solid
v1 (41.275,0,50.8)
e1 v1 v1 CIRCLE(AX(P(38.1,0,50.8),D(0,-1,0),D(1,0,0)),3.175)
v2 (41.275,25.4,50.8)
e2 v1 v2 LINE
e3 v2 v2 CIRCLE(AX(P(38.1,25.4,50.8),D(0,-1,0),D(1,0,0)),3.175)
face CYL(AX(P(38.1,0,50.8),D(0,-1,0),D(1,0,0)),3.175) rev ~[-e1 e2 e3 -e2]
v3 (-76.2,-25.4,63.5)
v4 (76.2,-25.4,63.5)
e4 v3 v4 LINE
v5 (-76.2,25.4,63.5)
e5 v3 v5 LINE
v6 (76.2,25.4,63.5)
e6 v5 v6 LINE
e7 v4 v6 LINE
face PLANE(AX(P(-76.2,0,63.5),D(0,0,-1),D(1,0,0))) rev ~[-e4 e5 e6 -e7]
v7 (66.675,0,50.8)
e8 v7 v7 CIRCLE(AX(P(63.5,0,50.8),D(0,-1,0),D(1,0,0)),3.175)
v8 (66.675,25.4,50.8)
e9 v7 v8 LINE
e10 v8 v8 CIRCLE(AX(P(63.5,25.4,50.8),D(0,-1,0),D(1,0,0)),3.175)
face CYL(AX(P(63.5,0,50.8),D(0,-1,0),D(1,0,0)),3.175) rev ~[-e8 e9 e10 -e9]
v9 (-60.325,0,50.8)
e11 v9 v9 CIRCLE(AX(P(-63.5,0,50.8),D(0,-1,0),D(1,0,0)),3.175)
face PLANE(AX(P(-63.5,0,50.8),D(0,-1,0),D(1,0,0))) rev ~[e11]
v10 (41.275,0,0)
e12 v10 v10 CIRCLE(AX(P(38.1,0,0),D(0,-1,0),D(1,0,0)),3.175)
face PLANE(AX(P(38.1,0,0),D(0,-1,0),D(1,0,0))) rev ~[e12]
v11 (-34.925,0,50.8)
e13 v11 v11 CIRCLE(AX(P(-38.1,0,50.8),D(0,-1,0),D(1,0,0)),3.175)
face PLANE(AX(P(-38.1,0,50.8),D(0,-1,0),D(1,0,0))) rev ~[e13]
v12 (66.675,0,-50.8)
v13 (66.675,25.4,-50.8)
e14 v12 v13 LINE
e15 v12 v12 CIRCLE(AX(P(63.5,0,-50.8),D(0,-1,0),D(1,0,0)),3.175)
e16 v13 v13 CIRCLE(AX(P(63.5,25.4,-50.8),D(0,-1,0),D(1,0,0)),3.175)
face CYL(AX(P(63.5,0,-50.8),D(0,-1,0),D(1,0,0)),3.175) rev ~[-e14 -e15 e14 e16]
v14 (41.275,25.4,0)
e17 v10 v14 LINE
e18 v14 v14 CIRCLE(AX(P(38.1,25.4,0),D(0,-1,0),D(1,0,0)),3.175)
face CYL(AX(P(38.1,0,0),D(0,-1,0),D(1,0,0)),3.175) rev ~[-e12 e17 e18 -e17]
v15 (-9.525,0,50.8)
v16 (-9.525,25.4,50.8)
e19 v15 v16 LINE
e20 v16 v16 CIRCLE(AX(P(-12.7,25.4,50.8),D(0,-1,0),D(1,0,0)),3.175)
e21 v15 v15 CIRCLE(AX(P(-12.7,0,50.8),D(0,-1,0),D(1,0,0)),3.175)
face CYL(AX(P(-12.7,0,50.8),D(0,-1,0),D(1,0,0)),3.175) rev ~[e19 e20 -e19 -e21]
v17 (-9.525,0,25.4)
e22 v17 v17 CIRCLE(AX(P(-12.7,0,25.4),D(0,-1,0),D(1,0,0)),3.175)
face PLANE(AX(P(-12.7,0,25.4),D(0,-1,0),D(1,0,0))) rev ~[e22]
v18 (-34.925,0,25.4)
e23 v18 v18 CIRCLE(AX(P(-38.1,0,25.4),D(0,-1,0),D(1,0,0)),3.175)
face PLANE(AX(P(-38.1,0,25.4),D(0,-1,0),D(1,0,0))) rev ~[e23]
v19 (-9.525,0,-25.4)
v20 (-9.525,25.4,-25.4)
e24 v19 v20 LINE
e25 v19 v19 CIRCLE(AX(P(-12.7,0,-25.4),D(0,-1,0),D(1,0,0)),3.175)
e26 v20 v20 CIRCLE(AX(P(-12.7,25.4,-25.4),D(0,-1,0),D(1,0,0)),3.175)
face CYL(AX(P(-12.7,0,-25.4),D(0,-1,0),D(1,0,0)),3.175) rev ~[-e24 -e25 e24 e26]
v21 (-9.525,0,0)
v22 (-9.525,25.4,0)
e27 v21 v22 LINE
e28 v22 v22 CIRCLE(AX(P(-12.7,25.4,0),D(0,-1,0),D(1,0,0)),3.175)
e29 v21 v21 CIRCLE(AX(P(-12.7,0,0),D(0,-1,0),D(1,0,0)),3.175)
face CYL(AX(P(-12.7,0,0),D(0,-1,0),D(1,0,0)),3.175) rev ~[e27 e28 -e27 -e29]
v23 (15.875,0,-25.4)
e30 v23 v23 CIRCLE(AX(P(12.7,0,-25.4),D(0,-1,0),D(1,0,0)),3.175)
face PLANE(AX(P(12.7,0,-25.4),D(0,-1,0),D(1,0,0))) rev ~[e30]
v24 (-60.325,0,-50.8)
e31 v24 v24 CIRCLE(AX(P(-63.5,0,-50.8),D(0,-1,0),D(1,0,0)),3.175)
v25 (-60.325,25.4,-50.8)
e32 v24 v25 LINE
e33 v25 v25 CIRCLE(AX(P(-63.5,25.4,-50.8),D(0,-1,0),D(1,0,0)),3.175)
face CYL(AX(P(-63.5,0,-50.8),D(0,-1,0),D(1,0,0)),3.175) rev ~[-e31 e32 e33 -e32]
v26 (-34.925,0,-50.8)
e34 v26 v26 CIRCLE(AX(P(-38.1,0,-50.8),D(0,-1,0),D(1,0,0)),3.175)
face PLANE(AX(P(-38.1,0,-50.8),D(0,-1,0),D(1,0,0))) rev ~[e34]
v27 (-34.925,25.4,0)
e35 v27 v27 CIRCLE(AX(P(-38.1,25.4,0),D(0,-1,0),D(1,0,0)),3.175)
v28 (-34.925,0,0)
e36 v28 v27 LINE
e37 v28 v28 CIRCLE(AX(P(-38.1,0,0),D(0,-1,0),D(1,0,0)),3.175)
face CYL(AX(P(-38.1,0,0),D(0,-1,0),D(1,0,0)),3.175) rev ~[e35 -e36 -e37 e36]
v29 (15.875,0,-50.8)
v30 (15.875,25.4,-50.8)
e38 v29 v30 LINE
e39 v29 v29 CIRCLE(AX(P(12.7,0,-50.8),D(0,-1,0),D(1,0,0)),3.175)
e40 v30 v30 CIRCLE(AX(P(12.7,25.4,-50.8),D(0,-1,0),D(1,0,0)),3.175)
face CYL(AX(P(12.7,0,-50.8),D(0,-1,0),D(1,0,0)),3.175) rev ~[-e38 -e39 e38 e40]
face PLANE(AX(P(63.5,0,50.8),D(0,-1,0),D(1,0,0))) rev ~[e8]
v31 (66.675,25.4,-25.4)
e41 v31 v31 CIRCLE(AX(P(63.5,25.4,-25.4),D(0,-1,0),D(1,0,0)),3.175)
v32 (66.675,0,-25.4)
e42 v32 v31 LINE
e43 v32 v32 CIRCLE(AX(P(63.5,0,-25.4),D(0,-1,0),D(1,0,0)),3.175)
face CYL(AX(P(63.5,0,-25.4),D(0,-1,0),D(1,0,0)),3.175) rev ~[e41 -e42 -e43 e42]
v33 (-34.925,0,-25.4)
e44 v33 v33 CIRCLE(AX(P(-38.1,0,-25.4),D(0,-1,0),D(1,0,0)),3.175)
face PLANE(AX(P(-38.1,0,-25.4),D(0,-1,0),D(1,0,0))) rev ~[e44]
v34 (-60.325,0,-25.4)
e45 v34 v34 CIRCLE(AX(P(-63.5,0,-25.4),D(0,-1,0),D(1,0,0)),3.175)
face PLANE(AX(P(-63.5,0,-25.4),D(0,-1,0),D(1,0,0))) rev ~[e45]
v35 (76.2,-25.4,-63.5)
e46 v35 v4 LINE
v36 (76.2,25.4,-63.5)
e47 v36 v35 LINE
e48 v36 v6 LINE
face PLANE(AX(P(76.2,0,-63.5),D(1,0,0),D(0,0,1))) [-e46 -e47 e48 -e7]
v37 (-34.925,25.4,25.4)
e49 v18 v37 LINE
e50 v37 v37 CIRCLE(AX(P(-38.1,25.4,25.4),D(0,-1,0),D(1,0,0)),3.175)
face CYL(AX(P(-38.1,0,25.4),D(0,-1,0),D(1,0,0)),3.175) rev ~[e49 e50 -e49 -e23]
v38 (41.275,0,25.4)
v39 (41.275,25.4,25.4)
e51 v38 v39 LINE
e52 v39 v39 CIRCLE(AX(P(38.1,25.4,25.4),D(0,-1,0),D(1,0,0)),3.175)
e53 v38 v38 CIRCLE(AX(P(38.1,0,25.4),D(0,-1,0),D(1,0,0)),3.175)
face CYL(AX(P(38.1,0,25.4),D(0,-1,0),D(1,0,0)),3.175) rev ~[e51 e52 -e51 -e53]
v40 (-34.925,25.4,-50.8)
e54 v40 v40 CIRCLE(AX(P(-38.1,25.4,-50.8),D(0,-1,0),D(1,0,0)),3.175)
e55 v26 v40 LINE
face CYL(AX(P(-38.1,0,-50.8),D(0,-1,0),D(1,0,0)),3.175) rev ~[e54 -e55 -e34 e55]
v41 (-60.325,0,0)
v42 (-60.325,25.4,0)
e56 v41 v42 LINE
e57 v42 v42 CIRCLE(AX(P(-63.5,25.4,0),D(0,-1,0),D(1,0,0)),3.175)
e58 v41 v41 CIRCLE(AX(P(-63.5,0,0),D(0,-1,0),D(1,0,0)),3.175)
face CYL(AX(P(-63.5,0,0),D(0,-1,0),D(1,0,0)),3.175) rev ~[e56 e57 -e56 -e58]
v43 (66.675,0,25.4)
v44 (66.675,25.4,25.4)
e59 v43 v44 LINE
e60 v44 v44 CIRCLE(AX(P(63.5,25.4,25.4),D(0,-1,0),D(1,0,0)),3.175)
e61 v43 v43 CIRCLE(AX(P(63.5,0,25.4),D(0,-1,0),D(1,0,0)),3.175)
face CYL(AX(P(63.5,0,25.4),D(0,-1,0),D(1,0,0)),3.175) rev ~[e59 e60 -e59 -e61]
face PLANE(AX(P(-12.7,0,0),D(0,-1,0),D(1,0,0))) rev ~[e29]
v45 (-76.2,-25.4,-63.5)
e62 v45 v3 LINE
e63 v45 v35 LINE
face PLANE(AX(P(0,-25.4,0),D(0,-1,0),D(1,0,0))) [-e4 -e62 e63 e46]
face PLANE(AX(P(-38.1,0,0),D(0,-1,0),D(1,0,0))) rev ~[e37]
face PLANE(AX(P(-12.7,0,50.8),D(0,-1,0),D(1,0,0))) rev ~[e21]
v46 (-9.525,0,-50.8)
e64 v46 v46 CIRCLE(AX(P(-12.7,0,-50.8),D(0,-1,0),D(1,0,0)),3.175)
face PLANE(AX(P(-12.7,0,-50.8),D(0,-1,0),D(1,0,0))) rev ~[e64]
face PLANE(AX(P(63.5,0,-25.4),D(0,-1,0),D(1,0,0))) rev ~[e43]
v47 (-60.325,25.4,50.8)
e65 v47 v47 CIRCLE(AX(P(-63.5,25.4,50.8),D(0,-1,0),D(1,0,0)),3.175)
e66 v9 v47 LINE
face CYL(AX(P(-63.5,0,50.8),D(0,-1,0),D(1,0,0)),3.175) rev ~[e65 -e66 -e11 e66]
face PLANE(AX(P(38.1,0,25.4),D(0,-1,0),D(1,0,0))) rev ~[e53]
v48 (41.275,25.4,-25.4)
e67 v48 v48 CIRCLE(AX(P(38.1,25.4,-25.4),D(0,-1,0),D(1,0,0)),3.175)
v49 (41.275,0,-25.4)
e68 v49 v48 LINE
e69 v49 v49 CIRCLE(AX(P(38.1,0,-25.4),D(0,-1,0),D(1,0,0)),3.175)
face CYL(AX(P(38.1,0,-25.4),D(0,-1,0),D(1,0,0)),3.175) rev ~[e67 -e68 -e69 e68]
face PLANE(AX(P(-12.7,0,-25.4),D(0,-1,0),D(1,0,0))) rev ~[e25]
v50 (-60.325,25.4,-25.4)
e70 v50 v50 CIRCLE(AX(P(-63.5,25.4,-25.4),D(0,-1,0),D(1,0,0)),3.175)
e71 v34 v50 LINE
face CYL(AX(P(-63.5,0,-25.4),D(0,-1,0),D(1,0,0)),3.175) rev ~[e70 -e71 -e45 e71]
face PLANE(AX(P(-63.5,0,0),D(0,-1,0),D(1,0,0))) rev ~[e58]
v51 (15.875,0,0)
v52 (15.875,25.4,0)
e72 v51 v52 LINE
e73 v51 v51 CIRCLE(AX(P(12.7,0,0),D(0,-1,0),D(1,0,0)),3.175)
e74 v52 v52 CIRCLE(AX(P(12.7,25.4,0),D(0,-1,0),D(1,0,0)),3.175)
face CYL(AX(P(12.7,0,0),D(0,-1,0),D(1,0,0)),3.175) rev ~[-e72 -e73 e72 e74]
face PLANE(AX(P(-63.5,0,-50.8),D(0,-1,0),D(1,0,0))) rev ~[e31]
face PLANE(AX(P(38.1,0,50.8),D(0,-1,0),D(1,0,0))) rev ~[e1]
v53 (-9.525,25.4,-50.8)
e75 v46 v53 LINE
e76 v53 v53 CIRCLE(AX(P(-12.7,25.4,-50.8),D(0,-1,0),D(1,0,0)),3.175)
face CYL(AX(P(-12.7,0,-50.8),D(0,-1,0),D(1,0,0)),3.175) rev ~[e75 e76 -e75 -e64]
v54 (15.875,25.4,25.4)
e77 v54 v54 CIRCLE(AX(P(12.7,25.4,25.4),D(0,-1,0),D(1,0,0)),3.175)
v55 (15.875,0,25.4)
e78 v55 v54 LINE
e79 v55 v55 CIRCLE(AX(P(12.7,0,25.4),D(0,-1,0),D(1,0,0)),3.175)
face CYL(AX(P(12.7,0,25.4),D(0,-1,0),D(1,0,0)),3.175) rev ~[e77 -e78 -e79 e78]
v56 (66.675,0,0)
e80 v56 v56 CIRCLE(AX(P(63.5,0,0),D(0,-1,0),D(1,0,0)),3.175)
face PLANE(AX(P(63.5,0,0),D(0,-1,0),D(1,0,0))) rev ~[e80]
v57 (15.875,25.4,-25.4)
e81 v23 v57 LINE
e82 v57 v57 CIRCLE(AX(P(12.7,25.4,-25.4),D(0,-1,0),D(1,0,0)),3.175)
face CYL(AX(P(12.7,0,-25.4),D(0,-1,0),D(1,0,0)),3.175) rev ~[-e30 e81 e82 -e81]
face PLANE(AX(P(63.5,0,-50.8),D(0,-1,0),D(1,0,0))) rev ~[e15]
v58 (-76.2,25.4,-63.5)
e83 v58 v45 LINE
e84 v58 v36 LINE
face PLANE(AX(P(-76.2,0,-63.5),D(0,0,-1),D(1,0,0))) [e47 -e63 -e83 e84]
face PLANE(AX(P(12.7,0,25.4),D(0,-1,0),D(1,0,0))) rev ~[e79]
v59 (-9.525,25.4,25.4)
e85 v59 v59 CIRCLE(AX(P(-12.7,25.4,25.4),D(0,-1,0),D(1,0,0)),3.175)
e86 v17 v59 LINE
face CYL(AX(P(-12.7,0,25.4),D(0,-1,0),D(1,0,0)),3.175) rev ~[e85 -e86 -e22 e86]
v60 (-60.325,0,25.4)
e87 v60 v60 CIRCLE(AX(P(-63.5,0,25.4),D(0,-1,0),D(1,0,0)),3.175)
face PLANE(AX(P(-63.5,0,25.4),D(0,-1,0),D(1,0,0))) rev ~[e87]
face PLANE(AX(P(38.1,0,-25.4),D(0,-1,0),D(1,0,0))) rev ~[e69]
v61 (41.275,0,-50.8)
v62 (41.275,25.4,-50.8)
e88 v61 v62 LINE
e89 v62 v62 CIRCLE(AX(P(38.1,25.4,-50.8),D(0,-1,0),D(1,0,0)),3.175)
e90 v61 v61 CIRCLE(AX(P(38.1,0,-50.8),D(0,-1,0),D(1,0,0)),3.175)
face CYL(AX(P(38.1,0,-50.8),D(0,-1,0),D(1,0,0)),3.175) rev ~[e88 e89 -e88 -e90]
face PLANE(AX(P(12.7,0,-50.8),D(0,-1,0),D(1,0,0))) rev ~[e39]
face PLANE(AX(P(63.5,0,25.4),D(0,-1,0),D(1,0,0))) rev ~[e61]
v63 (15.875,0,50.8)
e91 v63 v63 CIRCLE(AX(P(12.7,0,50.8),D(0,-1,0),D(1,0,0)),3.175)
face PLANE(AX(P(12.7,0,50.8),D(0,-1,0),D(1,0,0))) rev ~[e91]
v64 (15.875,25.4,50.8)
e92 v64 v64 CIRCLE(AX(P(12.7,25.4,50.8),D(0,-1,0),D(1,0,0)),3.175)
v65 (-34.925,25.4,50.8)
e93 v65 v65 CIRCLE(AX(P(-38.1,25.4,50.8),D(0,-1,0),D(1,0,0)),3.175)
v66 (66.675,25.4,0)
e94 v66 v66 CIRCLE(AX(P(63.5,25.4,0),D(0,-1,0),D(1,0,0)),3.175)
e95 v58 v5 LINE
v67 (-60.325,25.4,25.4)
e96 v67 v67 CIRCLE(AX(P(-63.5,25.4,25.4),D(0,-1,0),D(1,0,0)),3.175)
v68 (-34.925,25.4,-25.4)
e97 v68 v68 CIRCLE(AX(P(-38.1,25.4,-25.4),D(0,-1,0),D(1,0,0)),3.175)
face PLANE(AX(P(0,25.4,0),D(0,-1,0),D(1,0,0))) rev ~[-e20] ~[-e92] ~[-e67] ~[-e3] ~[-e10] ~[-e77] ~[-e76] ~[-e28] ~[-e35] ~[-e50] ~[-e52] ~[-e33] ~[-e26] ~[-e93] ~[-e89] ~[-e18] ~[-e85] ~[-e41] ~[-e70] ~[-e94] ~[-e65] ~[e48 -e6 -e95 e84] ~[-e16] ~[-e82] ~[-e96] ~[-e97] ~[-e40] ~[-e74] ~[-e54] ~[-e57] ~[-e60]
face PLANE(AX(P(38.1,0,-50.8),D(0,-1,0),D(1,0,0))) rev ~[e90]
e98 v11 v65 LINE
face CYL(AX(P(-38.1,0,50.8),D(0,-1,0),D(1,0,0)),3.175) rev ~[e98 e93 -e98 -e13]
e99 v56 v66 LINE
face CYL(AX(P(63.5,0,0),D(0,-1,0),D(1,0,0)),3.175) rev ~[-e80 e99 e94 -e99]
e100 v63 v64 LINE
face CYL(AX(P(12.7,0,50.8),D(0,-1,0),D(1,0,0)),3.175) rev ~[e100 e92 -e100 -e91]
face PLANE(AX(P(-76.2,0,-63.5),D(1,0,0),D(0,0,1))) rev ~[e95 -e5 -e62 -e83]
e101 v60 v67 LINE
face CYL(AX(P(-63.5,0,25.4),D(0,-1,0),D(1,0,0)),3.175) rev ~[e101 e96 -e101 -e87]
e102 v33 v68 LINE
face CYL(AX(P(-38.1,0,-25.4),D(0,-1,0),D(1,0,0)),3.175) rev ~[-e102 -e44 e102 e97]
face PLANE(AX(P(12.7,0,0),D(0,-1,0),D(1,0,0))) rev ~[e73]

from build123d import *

# Parameters (mm, degrees)
F0_W     = 152.4
F0_H     = 127
F1_DEPTH = 25.4
F3_D     = 6.35
F3_DEPTH = 25.401


with BuildPart() as f1:
    # F0 (on Front) → F1 (new body, symmetric)
    with BuildSketch(Plane.XZ):
        Rectangle(F0_W, F0_H)
    extrude(amount=F1_DEPTH, both=True)

    # F3 (through all, one way)
    with BuildSketch(Plane.XZ):
        with Locations((-63.5, 50.8), (-38.1, 50.8), (-63.5, 25.4), (-38.1, 25.4), (-12.7, 50.8), (-12.7, 25.4), (12.7, 50.8), (38.1, 50.8), (63.5, 50.8), (63.5, 25.4), (38.1, 25.4), (12.7, 25.4), (-63.5, 0), (-38.1, 0), (-12.7, 0), (12.7, 0), (38.1, 0), (63.5, 0), (63.5, -25.4), (63.5, -50.8), (38.1, -50.8), (38.1, -25.4), (12.7, -25.4), (12.7, -50.8), (-12.7, -50.8), (-12.7, -25.4), (-38.1, -25.4), (-38.1, -50.8), (-63.5, -50.8), (-63.5, -25.4)):
            Circle(F3_D / 2)
    extrude(amount=-F3_DEPTH, mode=Mode.SUBTRACT)


solid = f1.part
